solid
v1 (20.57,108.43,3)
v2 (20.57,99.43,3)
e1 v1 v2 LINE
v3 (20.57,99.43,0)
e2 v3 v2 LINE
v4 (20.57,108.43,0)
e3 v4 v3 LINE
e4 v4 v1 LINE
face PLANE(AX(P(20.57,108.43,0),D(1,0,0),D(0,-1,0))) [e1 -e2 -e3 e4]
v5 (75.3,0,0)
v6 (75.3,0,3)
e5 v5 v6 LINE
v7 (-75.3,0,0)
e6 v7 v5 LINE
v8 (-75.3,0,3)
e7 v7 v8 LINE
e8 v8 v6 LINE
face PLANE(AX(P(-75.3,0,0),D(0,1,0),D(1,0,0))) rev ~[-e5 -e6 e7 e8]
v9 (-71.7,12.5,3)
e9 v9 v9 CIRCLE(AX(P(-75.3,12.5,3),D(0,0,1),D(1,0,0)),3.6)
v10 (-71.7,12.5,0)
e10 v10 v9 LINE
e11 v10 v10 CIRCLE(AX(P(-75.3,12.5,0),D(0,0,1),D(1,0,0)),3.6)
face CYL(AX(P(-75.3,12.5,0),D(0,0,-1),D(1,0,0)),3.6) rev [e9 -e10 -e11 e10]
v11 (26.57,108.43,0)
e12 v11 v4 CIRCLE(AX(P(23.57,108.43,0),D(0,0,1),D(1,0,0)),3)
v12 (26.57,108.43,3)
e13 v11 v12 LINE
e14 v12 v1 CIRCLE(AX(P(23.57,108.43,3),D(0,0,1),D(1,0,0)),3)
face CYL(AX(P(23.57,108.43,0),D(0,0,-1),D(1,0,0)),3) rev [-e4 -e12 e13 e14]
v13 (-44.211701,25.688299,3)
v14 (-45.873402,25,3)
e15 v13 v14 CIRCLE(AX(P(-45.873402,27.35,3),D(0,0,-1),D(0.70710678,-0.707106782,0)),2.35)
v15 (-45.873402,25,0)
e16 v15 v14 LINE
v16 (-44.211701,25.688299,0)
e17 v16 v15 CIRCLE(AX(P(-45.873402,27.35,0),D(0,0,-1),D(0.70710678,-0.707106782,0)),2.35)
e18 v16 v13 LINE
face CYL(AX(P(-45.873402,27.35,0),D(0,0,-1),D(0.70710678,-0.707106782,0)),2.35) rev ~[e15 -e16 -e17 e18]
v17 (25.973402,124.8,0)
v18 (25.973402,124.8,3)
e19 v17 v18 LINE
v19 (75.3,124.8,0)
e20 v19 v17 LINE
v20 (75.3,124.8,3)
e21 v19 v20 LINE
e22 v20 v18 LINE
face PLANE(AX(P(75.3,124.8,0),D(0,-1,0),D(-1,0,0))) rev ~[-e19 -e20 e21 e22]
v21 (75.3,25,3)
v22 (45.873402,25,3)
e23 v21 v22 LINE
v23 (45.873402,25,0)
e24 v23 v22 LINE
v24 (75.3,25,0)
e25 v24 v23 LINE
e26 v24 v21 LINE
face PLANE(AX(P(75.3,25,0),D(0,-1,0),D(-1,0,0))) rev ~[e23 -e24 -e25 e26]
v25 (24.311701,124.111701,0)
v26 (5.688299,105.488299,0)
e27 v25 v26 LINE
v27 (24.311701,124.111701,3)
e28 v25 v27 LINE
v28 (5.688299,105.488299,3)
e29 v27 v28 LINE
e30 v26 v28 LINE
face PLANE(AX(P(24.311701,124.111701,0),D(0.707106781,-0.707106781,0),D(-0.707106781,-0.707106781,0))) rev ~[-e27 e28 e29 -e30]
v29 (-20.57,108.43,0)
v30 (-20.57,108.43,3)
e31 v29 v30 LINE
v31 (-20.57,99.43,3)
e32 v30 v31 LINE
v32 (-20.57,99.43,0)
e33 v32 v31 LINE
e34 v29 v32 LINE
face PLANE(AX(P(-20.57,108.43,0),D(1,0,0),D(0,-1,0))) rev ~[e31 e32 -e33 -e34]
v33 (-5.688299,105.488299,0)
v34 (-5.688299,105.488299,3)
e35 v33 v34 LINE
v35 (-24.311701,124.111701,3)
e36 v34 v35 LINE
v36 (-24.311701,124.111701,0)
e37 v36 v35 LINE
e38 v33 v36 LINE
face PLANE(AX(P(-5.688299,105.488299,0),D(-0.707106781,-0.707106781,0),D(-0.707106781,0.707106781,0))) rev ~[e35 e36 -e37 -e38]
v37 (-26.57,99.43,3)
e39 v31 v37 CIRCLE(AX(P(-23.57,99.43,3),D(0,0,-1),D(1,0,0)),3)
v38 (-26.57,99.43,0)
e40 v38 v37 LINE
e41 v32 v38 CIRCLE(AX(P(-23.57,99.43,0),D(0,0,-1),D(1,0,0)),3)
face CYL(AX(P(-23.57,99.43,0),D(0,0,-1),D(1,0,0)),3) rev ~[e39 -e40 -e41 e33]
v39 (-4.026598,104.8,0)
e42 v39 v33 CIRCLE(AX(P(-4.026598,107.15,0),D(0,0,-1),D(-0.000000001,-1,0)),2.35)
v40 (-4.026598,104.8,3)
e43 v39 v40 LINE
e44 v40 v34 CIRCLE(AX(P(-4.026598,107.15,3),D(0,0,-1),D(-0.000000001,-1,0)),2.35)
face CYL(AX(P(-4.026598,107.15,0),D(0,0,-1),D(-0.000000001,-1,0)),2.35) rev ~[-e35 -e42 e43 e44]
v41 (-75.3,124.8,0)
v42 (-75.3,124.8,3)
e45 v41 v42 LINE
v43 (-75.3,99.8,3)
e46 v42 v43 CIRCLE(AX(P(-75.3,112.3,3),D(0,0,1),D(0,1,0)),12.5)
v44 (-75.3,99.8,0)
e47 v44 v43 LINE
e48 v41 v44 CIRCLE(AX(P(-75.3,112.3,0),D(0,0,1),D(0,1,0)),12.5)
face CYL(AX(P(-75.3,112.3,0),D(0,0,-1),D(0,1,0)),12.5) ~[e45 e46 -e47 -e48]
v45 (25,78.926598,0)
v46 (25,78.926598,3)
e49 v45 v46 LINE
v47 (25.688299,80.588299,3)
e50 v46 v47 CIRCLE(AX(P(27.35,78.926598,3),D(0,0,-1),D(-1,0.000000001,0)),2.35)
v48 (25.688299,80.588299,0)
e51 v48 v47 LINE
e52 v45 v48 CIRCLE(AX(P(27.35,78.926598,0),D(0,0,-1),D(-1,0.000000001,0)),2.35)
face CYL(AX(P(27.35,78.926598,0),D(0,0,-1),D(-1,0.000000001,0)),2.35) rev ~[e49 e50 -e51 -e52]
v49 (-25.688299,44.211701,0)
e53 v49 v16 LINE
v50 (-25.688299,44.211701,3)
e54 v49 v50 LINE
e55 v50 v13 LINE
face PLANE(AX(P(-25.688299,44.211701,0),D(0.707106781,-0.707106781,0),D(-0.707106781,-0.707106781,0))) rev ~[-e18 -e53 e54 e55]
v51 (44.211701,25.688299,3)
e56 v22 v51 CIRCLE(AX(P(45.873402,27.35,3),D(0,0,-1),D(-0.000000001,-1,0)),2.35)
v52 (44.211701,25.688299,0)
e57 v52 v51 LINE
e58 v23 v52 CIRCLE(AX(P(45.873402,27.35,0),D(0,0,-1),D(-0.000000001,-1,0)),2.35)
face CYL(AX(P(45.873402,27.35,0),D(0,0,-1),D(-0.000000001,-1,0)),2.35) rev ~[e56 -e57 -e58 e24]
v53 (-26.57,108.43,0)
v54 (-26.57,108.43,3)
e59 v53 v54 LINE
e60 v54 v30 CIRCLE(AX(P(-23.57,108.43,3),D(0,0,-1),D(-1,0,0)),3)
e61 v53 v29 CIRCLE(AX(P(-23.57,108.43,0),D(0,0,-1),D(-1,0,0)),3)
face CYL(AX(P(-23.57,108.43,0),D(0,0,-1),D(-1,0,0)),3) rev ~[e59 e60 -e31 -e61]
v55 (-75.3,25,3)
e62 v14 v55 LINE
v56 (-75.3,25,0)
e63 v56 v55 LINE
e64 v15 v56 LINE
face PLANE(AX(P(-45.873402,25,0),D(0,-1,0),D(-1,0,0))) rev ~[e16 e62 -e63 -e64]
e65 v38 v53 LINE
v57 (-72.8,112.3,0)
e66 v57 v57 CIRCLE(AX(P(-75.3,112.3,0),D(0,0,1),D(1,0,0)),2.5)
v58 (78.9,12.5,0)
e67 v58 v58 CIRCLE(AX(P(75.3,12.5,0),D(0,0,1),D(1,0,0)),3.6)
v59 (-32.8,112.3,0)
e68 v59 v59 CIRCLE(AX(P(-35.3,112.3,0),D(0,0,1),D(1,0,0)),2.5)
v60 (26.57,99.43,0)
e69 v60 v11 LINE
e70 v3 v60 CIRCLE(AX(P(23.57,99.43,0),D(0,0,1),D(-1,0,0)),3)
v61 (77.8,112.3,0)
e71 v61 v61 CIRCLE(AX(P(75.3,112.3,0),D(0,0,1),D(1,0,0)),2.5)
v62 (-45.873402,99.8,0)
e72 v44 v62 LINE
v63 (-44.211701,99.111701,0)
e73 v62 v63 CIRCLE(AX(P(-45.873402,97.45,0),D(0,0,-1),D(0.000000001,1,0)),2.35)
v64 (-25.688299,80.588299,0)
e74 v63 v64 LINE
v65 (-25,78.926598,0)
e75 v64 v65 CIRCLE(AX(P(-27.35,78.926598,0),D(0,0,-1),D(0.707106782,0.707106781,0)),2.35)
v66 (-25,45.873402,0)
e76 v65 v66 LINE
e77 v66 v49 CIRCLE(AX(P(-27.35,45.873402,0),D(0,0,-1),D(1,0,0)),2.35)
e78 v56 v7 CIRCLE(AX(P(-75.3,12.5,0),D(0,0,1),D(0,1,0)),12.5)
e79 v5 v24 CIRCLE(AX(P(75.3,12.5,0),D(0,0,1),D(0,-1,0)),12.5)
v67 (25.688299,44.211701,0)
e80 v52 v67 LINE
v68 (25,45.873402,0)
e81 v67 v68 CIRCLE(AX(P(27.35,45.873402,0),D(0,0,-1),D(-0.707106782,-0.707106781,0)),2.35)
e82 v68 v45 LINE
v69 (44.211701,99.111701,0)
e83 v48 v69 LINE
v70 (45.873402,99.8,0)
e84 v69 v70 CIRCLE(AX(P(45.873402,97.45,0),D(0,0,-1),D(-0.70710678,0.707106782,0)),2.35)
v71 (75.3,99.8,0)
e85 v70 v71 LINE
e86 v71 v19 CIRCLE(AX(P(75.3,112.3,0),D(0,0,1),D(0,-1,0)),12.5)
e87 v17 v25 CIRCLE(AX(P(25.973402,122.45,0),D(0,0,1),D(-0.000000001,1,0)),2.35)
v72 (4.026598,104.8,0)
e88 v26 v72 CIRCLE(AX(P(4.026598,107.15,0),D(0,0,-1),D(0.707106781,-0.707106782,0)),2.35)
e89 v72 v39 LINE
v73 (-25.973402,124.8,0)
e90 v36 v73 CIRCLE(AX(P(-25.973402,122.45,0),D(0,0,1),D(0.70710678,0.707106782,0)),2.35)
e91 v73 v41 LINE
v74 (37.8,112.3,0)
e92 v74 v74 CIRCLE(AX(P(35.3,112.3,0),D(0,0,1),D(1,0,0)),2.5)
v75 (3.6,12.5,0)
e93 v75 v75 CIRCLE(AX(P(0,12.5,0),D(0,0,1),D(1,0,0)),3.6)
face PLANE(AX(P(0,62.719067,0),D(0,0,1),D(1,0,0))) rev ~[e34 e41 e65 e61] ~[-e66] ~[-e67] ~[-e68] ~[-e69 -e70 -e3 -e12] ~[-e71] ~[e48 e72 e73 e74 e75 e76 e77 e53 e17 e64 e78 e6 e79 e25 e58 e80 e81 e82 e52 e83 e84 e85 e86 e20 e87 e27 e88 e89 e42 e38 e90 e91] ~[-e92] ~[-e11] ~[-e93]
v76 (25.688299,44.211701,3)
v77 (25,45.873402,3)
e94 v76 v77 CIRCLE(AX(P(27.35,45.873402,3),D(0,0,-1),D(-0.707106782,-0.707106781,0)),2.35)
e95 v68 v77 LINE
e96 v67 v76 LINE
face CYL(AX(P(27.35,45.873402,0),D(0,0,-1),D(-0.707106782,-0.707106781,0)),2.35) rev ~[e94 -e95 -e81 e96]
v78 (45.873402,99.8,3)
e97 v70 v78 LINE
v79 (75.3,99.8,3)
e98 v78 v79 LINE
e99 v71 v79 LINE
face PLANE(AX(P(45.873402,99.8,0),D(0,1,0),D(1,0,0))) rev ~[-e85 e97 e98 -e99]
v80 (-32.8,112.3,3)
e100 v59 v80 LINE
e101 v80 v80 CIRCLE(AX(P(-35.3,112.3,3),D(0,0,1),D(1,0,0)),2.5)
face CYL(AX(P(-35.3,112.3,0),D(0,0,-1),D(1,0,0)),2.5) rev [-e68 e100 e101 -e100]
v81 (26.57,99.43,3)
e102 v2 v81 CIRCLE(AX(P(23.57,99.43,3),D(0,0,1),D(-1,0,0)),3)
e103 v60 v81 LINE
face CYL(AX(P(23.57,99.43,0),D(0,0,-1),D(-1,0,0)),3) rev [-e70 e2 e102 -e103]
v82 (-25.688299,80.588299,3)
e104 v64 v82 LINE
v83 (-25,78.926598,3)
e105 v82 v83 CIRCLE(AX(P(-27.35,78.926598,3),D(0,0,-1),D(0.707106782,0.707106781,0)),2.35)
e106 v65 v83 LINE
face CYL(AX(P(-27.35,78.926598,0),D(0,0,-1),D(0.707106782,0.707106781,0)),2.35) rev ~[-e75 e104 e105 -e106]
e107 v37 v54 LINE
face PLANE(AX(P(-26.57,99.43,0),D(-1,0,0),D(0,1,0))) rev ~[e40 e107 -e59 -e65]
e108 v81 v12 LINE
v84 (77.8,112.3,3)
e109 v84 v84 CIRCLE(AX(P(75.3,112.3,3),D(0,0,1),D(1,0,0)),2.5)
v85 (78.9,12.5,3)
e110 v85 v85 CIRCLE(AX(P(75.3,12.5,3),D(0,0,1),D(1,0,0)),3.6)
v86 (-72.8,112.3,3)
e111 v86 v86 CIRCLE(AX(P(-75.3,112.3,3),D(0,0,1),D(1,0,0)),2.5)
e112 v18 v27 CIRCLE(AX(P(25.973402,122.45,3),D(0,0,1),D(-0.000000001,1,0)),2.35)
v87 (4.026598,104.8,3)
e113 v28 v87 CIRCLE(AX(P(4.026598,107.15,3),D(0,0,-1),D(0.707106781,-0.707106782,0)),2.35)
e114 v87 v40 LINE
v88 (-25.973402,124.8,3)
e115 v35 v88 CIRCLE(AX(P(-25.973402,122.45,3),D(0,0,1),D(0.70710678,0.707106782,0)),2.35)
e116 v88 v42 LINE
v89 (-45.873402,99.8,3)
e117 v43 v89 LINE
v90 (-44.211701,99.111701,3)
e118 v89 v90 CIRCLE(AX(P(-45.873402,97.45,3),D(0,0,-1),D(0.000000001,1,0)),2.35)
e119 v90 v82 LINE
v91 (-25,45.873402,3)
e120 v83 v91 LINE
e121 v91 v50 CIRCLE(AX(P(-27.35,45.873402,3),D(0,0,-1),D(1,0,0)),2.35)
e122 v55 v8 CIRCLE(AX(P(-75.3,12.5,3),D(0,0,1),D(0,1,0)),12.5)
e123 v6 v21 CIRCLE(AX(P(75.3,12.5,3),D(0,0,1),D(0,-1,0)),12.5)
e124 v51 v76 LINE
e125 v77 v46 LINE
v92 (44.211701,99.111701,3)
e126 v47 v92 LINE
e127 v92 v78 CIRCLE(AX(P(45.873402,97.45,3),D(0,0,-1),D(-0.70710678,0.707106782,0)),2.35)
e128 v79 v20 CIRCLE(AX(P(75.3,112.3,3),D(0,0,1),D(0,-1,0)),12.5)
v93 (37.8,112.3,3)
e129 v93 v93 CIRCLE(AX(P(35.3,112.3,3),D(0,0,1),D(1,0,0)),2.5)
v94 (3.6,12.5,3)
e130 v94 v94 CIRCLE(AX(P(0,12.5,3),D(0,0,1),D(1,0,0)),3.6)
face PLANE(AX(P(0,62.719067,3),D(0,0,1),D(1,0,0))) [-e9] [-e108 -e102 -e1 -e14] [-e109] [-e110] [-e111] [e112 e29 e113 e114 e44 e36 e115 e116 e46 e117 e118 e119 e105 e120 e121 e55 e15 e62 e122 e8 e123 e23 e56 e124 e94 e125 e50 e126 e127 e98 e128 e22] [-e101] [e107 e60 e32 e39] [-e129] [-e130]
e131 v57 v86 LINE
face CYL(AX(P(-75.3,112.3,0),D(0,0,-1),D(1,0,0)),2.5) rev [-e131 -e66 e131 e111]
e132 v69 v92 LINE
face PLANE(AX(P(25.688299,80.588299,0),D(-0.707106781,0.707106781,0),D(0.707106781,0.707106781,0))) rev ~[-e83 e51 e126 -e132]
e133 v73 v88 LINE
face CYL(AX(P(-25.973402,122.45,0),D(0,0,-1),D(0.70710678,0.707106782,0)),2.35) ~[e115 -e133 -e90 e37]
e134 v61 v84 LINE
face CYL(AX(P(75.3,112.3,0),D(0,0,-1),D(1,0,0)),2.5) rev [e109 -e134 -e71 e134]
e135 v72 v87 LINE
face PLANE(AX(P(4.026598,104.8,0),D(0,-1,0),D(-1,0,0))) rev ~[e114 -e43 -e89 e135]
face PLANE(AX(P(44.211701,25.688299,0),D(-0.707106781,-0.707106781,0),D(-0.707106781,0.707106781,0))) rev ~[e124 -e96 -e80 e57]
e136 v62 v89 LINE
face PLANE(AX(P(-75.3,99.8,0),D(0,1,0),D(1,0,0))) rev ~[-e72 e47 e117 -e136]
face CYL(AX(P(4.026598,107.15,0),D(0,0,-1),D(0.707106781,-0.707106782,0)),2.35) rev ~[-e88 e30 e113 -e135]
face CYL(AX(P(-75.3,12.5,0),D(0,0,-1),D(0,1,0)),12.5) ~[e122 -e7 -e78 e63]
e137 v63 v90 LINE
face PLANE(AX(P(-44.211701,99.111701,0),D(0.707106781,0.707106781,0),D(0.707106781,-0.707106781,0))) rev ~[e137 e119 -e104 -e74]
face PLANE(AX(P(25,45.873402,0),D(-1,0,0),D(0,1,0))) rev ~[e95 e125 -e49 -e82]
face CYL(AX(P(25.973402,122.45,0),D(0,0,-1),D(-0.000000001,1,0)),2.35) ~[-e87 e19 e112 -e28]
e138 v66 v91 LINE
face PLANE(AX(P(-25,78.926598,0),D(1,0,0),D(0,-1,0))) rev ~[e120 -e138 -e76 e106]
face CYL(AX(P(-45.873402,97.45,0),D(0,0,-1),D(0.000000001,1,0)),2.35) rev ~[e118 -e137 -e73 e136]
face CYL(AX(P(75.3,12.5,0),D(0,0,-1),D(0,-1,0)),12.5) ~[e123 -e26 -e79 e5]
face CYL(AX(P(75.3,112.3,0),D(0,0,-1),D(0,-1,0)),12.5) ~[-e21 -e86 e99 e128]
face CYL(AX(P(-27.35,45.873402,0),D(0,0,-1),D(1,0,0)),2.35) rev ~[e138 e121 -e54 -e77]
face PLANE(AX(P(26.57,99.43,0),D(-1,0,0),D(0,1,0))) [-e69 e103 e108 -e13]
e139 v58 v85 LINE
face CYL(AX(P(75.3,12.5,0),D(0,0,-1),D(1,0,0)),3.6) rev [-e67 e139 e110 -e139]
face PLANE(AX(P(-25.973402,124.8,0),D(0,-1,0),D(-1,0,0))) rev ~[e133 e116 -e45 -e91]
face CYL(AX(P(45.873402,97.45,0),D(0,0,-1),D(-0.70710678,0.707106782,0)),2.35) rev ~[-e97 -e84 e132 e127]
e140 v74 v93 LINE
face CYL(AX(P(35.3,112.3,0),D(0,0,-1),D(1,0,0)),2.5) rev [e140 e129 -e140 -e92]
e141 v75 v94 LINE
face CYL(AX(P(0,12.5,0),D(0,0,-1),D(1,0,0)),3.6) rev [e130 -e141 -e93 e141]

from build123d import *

# Parameters (mm, degrees)
MODEL_R             = 3.6
MODEL_R_2           = 2.5
BOSS_EXTRUDE1_DEPTH = 3


with BuildPart() as part:
    # Model → Boss-Extrude1 (new body)
    with BuildSketch(Plane.XY):
        with BuildLine():
            Line((-75.3, 0), (75.3, 0))
            ThreePointArc((75.3, 0), (87.8, 12.5), (75.3, 25))
            Line((75.3, 25), (45.873401872, 25))
            ThreePointArc((45.873401872, 25), (44.974095806, 25.178883099), (44.211700936, 25.688299064))
            Line((44.211700936, 25.688299064), (25.688299064, 44.211700936))
            ThreePointArc((25.688299064, 44.211700936), (25.178883099, 44.974095805), (25, 45.873401872))
            Line((25, 45.873401872), (25, 78.926598129))
            ThreePointArc((25, 78.926598129), (25.178883099, 79.825904195), (25.688299064, 80.588299064))
            Line((25.688299064, 80.588299064), (44.211700936, 99.111700936))
            ThreePointArc((44.211700936, 99.111700936), (44.974095806, 99.621116901), (45.873401872, 99.8))
            Line((45.873401872, 99.8), (75.3, 99.8))
            ThreePointArc((75.3, 99.8), (87.8, 112.3), (75.3, 124.8))
            Line((75.3, 124.8), (25.973401872, 124.8))
            ThreePointArc((25.973401872, 124.8), (25.074095806, 124.621116901), (24.311700936, 124.111700936))
            Line((24.311700936, 124.111700936), (5.688299064, 105.488299064))
            ThreePointArc((5.688299064, 105.488299064), (4.925904195, 104.978883099), (4.026598129, 104.8))
            Line((4.026598129, 104.8), (-4.026598129, 104.8))
            ThreePointArc((-4.026598129, 104.8), (-4.925904195, 104.978883099), (-5.688299064, 105.488299064))
            Line((-5.688299064, 105.488299064), (-24.311700936, 124.111700936))
            ThreePointArc((-24.311700936, 124.111700936), (-25.074095806, 124.621116901), (-25.973401872, 124.8))
            Line((-25.973401872, 124.8), (-75.3, 124.8))
            ThreePointArc((-75.3, 124.8), (-87.8, 112.3), (-75.3, 99.8))
            Line((-75.3, 99.8), (-45.873401872, 99.8))
            ThreePointArc((-45.873401872, 99.8), (-44.974095806, 99.621116901), (-44.211700936, 99.111700936))
            Line((-44.211700936, 99.111700936), (-25.688299064, 80.588299064))
            ThreePointArc((-25.688299064, 80.588299064), (-25.178883099, 79.825904195), (-25, 78.926598129))
            Line((-25, 78.926598129), (-25, 45.873401872))
            ThreePointArc((-25, 45.873401872), (-25.178883099, 44.974095805), (-25.688299064, 44.211700936))
            Line((-25.688299064, 44.211700936), (-44.211700936, 25.688299064))
            ThreePointArc((-44.211700936, 25.688299064), (-44.974095806, 25.178883099), (-45.873401872, 25))
            Line((-45.873401872, 25), (-75.3, 25))
            ThreePointArc((-75.3, 25), (-87.8, 12.5), (-75.3, 0))
        make_face()
        with Locations((75.3, 12.5)):
            Circle(MODEL_R, mode=Mode.SUBTRACT)
        with Locations((0, 12.5)):
            Circle(MODEL_R, mode=Mode.SUBTRACT)
        with Locations((-75.3, 12.5)):
            Circle(MODEL_R, mode=Mode.SUBTRACT)
        with Locations((-35.3, 112.3)):
            Circle(MODEL_R_2, mode=Mode.SUBTRACT)
        with Locations((-75.3, 112.3)):
            Circle(MODEL_R_2, mode=Mode.SUBTRACT)
        with Locations((35.3, 112.3)):
            Circle(MODEL_R_2, mode=Mode.SUBTRACT)
        with Locations((75.3, 112.3)):
            Circle(MODEL_R_2, mode=Mode.SUBTRACT)
        with BuildLine():
            Line((26.57, 99.43), (26.57, 108.43))
            ThreePointArc((26.57, 108.43), (23.57, 111.43), (20.57, 108.43))
            Line((20.57, 108.43), (20.57, 99.43))
            ThreePointArc((20.57, 99.43), (23.57, 96.43), (26.57, 99.43))
        make_face(mode=Mode.SUBTRACT)
        with BuildLine():
            Line((-26.57, 99.43), (-26.57, 108.43))
            ThreePointArc((-26.57, 108.43), (-23.57, 111.43), (-20.57, 108.43))
            Line((-20.57, 108.43), (-20.57, 99.43))
            ThreePointArc((-20.57, 99.43), (-23.57, 96.43), (-26.57, 99.43))
        make_face(mode=Mode.SUBTRACT)
    extrude(amount=BOSS_EXTRUDE1_DEPTH)


solid = part.part
